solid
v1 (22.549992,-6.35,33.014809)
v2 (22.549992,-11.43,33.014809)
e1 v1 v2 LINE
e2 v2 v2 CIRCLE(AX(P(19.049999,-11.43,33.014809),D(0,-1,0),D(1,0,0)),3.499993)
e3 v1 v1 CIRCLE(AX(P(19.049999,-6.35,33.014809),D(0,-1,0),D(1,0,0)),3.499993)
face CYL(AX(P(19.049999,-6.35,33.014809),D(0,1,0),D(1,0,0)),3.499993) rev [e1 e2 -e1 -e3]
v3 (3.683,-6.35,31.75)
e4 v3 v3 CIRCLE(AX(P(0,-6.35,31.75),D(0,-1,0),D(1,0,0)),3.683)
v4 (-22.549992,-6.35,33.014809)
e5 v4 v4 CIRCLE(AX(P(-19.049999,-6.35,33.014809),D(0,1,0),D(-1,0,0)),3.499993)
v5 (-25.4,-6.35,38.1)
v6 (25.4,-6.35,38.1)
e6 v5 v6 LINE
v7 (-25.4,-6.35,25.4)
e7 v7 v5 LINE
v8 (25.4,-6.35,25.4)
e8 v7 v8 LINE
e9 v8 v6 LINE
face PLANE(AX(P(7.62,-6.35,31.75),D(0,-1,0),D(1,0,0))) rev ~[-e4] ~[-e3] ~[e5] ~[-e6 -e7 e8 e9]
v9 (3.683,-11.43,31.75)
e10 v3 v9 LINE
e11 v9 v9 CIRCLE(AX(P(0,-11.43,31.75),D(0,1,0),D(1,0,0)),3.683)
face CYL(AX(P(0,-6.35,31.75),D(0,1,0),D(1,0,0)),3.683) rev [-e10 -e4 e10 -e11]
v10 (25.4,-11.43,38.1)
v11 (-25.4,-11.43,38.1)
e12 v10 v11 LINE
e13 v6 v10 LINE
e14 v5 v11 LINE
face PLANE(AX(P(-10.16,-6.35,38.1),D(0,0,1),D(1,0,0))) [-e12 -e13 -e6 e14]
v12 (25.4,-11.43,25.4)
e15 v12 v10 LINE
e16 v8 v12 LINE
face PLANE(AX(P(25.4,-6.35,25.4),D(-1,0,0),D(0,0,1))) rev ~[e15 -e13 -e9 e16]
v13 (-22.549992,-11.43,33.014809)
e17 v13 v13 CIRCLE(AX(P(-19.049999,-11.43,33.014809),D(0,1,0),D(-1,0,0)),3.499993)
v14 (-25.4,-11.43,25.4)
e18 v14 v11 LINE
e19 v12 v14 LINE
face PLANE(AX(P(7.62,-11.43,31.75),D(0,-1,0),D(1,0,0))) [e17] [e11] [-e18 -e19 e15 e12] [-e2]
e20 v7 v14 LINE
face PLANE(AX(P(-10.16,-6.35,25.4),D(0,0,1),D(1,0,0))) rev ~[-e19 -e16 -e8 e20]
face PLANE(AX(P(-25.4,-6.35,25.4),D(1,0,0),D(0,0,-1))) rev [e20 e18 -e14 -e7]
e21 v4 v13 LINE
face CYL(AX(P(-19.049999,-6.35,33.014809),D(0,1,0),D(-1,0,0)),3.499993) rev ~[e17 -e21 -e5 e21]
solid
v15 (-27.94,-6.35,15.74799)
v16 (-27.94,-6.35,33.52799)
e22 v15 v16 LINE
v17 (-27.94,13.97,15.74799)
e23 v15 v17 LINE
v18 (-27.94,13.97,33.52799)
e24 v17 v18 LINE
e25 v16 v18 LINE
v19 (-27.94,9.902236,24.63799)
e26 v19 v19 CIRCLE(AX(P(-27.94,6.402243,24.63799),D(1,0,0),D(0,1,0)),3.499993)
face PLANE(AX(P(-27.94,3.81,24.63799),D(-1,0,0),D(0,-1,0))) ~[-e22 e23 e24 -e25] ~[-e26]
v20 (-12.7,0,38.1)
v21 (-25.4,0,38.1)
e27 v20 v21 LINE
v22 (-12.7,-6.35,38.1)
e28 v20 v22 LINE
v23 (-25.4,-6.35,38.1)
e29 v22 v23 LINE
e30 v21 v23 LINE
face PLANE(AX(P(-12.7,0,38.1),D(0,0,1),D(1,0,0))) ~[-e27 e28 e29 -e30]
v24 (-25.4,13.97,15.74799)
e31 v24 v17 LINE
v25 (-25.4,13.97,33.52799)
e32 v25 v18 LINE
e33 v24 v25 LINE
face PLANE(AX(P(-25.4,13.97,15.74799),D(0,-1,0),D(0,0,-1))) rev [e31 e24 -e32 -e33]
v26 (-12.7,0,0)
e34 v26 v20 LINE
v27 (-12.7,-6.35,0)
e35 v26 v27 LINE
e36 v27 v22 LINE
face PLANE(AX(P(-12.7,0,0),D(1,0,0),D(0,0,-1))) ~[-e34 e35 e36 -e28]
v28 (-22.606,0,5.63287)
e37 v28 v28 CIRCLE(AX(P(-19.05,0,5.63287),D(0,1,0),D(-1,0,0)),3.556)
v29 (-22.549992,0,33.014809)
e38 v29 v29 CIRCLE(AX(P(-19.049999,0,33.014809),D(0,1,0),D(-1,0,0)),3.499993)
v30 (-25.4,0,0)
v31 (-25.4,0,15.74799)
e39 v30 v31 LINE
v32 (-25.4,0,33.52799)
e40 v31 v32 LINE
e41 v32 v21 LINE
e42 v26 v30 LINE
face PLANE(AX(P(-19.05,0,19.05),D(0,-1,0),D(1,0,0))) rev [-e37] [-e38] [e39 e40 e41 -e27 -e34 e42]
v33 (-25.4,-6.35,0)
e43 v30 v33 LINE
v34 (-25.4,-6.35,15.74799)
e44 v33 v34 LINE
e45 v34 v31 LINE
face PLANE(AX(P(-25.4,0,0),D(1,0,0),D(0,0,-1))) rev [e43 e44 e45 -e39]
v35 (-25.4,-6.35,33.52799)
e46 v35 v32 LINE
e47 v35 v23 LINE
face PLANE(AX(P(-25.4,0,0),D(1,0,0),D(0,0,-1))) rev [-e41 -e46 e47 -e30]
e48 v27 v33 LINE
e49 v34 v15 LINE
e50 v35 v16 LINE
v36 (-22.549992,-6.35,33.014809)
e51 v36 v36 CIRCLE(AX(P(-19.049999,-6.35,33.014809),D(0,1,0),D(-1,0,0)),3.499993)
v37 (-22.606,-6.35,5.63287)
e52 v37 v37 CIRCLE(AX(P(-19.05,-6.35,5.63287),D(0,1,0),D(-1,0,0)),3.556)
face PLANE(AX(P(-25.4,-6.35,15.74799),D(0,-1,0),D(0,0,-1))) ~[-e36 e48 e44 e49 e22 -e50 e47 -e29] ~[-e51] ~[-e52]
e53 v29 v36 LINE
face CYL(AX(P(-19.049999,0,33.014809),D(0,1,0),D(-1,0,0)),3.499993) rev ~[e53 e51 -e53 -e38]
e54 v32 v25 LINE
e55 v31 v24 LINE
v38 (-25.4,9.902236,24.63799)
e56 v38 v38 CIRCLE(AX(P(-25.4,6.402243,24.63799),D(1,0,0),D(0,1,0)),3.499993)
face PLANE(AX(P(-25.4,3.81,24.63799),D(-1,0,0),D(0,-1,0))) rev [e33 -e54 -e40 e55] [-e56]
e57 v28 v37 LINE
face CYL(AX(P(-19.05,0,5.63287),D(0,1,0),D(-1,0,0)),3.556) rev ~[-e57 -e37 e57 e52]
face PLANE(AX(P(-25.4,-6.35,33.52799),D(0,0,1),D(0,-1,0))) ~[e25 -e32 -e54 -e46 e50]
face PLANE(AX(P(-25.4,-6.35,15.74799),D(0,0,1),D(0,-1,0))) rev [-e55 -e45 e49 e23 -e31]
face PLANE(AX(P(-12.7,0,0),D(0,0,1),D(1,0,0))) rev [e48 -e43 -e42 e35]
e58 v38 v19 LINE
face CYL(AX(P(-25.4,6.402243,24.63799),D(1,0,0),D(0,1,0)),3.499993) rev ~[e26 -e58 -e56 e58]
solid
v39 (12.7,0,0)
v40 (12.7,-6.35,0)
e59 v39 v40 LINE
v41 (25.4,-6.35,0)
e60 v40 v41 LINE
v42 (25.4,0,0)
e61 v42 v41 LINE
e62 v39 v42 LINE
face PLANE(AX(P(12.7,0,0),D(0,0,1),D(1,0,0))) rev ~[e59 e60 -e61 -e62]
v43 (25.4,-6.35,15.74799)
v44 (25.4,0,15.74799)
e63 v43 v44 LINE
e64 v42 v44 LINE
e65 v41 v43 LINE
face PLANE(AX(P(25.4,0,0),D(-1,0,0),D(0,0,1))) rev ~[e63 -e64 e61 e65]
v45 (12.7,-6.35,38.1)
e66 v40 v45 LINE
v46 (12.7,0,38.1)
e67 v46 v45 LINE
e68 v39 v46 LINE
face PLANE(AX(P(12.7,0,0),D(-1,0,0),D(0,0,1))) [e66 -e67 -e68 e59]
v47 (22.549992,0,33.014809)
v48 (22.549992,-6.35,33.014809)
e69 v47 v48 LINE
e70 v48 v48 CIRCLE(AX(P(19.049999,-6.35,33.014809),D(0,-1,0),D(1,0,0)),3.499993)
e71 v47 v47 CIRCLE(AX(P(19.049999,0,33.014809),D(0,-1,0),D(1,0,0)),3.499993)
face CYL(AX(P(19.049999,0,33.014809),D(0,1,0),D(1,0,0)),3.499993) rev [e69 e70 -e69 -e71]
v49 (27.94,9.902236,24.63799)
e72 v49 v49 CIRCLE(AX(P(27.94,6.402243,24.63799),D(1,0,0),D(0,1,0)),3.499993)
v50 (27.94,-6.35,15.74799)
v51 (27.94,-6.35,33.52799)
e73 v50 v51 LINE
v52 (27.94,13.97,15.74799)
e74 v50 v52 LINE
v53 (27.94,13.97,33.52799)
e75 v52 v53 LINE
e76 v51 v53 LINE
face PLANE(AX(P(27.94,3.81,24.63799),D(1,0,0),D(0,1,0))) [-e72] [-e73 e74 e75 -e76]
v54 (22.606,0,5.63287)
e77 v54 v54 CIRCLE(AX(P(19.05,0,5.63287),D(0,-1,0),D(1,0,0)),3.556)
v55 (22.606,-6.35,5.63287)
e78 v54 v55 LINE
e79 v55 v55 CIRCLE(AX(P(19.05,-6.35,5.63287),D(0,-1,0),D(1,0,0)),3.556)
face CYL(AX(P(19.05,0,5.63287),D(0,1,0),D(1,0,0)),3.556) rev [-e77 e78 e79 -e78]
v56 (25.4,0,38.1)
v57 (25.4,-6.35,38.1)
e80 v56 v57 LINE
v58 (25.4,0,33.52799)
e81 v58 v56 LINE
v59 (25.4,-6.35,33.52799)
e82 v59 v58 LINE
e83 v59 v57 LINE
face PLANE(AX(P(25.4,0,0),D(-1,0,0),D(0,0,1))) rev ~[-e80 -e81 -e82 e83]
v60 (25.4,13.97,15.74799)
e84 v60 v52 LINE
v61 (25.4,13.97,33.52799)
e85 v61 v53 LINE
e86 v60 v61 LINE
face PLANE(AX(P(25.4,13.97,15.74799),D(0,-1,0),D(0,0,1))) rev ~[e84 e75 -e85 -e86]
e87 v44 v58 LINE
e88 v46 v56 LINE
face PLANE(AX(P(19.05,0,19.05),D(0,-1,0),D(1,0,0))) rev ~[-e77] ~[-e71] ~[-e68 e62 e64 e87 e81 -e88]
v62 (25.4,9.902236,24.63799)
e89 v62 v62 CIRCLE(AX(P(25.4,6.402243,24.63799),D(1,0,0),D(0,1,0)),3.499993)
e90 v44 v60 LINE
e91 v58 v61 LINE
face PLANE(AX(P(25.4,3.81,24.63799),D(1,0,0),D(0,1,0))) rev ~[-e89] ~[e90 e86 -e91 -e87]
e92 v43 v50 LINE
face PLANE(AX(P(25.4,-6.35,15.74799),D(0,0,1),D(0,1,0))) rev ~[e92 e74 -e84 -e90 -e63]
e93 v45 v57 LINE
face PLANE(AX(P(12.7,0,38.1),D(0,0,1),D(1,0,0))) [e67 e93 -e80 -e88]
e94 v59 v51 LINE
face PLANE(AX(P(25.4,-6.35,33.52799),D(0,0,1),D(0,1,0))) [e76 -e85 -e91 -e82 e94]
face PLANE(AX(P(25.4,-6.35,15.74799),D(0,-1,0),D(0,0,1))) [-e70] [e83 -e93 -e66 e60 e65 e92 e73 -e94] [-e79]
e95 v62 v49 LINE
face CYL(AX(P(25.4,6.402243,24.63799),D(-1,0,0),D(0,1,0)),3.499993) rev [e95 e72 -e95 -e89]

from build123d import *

# Parameters (mm, degrees)
F0_W     = 12.7
F0_H     = 38.1
F0_R     = 3.556
F0_R_2   = 3.499993
F1_DEPTH = 6.35
F2_W     = 35.56
F2_H     = 12.7
F2_R     = 3.683
F2_R_2   = 3.499993
F3_DEPTH = 5.08
F6_W     = 20.32
F6_H     = 17.78
F6_R     = 3.499993
F7_DEPTH = 2.54


with BuildPart() as f1:
    # F0 (on Front) → F1 (new body)
    with BuildSketch(Plane.XZ):
        with Locations((19.05, 19.05)):
            Rectangle(F0_W, F0_H)
        with Locations((19.0500002354, 5.6328698993)):
            Circle(F0_R, mode=Mode.SUBTRACT)
        with Locations((19.0499993676, 33.0148091292)):
            Circle(F0_R_2, mode=Mode.SUBTRACT)
    extrude(amount=F1_DEPTH)


with BuildPart() as f3:
    # F2 (on face) → F3 (new body)
    with BuildSketch(Plane.XZ.offset(6.35)):
        with Locations((7.62, 31.75)):
            Rectangle(F2_W, F2_H)
        with Locations((0, 31.75)):
            Circle(F2_R, mode=Mode.SUBTRACT)
        with Locations((19.0499993676, 33.0148091292)):
            Circle(F2_R_2, mode=Mode.SUBTRACT)
    extrude(amount=F3_DEPTH)

    # F4: F3 across plane


with BuildPart() as f3_1:
    add(f3.part)
    add(f3.part.mirror(Plane.YZ))


with BuildPart() as f5_1:
    # F5: instance of F1
    add(f1.part.mirror(Plane.YZ))


with BuildPart() as f1_1:
    add(f1.part)

    # F6 (on face) → F7 (join)
    with BuildSketch(Plane.YZ.offset(25.4)):
        with Locations((3.8100000767, 24.6379904592)):
            Rectangle(F6_W, F6_H)
        with Locations((6.4022434711, 24.6379904592)):
            Circle(F6_R, mode=Mode.SUBTRACT)
    extrude(amount=F7_DEPTH)


with BuildPart() as f8_1:
    # F8: instance of F1
    add(f1_1.part.mirror(Plane.YZ))


solid = Compound([f3_1.part, f1_1.part, f8_1.part])
